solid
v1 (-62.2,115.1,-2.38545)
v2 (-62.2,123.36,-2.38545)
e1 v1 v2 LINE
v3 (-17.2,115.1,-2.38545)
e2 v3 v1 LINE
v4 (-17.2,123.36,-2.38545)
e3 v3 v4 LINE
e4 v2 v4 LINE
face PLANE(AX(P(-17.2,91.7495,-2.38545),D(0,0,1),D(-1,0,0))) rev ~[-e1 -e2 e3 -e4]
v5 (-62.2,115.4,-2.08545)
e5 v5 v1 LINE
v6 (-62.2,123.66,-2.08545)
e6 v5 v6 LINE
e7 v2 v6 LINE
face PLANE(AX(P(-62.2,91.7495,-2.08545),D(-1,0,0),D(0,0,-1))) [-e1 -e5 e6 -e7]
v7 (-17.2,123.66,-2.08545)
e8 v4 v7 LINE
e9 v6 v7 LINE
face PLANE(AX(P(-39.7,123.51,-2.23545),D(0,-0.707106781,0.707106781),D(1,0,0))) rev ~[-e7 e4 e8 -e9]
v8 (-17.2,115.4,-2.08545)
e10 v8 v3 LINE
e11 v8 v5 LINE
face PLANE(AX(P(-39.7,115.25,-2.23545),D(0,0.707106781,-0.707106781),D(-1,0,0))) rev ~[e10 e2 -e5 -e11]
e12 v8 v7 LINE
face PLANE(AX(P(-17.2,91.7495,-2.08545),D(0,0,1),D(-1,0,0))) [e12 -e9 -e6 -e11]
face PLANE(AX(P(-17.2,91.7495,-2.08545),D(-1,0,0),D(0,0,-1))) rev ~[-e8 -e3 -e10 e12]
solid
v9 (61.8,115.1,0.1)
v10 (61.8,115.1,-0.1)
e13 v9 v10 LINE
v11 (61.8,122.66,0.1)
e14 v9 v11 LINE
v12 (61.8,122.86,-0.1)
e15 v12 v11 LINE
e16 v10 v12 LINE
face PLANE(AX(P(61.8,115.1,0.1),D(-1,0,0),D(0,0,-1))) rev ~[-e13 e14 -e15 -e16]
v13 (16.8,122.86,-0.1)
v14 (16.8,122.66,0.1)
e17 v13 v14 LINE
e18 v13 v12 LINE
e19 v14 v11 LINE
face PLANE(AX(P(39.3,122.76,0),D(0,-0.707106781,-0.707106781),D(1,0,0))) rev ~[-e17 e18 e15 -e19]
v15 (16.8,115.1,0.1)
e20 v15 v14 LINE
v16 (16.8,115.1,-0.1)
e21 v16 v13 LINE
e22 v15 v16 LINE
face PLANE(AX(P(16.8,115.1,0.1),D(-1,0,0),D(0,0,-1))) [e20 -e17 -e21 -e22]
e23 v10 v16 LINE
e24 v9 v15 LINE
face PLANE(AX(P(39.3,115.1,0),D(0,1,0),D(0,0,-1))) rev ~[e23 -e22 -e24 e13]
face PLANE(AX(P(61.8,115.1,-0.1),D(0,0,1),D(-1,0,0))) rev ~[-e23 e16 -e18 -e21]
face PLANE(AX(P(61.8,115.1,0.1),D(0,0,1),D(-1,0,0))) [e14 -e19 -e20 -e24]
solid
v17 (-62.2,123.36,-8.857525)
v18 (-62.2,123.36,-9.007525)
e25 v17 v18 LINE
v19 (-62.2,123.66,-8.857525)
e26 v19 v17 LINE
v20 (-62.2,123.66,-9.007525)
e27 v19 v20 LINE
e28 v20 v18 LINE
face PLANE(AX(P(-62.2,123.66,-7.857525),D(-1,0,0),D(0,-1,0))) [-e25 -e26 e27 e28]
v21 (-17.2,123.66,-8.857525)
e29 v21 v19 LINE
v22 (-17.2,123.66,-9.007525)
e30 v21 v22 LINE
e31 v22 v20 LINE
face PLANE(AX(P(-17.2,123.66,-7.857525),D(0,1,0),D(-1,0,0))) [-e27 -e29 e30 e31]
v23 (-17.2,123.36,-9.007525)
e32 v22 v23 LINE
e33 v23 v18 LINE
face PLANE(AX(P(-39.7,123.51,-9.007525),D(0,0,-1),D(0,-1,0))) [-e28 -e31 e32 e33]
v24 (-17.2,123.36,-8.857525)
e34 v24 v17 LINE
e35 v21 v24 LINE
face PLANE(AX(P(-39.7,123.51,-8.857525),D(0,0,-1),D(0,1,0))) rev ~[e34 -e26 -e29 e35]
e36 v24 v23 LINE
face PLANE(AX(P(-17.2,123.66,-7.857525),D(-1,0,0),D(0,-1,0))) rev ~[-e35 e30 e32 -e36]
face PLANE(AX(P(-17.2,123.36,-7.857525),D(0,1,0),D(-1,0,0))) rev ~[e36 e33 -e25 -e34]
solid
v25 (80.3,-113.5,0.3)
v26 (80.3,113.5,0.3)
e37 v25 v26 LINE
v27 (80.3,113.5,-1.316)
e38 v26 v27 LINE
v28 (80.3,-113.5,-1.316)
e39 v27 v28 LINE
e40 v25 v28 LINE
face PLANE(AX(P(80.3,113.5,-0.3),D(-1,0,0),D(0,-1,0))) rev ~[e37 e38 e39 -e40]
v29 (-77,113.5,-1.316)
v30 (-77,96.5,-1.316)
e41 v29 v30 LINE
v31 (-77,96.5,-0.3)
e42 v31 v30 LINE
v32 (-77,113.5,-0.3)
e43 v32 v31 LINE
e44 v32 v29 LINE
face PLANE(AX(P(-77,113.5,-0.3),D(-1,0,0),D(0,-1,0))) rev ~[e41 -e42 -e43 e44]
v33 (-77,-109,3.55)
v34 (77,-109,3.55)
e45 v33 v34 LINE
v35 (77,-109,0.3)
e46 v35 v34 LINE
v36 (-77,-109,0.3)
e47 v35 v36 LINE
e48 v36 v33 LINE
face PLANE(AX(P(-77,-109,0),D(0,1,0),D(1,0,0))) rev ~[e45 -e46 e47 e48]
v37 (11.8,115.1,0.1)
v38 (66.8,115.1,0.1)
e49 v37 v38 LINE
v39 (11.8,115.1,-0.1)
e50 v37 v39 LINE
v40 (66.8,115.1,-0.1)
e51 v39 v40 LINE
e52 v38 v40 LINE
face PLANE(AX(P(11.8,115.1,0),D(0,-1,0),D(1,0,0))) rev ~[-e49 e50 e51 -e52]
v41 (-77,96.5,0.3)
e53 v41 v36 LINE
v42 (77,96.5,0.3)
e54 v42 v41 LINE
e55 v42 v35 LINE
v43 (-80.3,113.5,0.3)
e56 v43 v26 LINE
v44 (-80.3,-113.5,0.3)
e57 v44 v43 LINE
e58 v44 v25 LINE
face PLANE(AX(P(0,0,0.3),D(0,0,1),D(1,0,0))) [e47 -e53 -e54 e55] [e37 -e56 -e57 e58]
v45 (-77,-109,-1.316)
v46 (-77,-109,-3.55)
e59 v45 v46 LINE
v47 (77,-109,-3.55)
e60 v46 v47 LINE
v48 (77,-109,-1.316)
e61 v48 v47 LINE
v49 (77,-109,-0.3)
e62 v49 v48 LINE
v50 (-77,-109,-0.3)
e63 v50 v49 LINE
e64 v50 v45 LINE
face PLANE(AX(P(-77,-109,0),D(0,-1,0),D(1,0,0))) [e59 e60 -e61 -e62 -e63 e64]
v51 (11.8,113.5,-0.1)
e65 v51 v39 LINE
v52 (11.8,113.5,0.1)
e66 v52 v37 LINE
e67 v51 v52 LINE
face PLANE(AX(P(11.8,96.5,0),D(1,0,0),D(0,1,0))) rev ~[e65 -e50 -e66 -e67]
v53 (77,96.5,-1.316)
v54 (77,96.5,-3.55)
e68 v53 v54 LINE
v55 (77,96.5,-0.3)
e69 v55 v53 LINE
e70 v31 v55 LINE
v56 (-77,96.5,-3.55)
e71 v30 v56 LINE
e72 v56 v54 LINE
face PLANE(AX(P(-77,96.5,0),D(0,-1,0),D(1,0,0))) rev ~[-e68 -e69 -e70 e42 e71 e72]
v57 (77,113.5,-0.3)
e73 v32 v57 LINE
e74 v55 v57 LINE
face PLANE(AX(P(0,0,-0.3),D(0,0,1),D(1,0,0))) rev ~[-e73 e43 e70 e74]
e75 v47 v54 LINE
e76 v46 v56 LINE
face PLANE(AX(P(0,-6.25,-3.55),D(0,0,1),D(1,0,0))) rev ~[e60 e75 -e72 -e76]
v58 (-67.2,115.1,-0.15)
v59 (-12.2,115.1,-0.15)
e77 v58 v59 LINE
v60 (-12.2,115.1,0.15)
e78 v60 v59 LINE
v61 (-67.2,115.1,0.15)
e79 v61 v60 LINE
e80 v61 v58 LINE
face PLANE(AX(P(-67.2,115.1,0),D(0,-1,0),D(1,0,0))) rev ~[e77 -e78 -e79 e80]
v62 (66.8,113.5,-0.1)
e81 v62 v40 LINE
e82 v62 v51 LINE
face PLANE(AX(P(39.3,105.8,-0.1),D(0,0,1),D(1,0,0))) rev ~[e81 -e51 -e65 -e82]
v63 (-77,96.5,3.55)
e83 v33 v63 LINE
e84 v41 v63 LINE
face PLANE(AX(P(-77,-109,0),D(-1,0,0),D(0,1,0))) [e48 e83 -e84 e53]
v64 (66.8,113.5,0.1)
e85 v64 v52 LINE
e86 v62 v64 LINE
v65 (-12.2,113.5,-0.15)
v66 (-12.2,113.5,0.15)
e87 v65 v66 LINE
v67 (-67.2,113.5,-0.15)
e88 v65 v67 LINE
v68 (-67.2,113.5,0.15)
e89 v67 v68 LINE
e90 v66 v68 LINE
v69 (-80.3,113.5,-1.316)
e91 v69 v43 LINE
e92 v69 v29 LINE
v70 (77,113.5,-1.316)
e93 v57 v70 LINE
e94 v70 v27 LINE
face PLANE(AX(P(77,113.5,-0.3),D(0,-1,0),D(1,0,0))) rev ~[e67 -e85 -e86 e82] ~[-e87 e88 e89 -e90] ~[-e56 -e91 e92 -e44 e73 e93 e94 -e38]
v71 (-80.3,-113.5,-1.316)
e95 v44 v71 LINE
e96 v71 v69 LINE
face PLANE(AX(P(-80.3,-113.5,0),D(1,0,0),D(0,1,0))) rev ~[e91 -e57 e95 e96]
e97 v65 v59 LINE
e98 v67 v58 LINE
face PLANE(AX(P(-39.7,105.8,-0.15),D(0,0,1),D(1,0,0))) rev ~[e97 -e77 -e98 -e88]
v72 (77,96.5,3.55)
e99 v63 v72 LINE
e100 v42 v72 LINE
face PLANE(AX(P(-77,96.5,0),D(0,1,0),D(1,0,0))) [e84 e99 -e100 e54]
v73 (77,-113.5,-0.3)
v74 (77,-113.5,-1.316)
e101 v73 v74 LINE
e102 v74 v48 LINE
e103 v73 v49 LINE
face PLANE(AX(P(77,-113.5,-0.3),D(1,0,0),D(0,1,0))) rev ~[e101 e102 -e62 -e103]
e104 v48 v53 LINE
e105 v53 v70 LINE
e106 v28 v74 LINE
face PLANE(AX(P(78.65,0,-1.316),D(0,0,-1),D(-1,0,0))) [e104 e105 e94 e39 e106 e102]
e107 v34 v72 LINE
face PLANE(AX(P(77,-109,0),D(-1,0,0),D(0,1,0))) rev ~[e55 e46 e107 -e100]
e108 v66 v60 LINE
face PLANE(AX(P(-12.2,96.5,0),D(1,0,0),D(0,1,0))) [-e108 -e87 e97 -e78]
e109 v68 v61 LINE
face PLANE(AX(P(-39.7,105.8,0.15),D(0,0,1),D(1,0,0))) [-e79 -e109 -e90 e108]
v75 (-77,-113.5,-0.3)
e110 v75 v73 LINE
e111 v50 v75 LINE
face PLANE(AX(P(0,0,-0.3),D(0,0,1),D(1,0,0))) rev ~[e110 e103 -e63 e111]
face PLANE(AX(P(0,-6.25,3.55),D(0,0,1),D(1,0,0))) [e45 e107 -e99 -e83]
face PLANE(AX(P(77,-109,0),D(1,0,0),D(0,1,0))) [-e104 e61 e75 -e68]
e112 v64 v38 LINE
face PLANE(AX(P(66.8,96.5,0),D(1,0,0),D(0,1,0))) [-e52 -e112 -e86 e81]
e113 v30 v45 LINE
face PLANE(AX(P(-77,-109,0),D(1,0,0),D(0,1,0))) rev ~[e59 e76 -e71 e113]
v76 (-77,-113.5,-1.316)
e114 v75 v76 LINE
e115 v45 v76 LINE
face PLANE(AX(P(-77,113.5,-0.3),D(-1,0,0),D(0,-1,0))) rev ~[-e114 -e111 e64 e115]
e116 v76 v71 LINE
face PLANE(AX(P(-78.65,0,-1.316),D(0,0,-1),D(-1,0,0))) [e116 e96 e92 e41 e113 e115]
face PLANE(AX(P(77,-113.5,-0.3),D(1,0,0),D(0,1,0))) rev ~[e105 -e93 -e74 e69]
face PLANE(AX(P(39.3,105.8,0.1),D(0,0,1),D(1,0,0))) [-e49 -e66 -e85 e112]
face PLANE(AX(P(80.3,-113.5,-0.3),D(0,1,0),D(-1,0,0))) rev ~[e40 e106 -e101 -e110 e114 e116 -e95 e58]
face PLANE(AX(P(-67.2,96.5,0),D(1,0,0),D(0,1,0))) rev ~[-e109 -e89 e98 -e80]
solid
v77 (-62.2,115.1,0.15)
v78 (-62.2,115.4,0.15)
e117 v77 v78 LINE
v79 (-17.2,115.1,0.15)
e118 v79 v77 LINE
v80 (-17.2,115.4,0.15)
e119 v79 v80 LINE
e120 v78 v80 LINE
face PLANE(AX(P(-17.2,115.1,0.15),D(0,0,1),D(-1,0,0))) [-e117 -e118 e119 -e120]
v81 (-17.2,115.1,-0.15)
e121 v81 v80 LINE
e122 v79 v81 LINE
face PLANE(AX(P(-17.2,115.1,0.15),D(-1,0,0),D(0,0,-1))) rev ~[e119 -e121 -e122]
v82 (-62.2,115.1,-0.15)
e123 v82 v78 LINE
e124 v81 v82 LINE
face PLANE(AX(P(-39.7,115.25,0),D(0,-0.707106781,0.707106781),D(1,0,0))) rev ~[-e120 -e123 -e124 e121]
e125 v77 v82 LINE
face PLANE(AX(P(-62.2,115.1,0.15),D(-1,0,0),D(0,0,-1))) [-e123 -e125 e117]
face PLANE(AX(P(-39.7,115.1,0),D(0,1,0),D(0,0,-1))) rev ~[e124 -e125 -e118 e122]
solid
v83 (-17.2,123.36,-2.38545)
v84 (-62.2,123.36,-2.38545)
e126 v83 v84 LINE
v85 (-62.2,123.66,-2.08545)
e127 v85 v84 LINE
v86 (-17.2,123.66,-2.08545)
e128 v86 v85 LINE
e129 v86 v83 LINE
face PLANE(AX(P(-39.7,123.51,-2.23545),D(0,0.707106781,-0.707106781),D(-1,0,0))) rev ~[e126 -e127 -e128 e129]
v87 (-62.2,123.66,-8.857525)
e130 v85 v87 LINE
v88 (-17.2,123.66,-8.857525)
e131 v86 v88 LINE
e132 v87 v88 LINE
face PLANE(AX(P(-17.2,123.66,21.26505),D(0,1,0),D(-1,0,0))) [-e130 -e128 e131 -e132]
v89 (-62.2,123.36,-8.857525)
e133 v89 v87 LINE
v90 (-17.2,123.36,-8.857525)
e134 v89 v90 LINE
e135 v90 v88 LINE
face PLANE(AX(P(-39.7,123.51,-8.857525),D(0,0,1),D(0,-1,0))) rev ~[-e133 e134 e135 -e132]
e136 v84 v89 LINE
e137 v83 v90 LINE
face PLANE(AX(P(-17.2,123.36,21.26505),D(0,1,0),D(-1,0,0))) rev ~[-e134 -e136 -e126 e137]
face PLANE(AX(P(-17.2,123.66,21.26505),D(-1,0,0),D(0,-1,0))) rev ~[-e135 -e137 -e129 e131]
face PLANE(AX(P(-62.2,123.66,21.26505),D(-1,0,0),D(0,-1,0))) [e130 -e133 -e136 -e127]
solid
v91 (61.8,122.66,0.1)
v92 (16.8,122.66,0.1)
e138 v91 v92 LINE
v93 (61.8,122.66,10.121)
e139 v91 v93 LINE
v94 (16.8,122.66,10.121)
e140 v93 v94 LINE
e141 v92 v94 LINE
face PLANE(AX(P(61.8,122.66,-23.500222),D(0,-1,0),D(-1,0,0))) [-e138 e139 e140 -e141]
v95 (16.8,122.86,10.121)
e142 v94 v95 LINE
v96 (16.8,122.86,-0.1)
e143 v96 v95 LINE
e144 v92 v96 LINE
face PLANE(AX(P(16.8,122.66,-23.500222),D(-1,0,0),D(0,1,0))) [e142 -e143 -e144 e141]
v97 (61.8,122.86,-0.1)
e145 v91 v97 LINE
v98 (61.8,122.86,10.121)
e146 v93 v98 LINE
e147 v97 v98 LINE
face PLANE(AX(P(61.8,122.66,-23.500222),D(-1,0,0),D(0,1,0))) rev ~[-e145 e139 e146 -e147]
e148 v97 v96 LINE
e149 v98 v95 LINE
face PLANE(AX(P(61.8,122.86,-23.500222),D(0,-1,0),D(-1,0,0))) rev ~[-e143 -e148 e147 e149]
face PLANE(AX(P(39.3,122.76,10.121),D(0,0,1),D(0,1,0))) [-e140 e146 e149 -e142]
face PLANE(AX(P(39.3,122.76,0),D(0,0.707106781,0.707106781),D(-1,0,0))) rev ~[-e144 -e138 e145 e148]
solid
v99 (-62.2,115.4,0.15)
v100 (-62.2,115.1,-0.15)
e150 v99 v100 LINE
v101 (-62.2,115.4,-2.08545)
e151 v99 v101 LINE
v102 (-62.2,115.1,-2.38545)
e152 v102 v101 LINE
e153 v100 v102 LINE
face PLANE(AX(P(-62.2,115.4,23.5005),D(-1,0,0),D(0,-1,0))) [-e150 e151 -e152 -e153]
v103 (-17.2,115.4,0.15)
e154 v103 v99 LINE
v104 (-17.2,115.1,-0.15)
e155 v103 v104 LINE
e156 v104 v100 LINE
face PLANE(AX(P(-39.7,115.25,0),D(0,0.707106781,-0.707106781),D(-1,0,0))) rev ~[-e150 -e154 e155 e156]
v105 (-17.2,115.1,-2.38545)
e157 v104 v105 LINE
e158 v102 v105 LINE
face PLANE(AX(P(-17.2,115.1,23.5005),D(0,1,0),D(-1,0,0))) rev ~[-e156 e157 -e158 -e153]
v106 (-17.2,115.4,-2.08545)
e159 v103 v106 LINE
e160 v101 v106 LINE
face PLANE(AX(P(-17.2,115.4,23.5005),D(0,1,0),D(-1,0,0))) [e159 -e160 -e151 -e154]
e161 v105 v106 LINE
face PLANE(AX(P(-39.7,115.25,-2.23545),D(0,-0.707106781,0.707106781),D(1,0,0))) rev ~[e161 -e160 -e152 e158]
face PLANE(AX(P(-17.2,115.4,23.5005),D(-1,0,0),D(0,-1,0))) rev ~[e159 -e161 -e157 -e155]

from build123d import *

# Parameters (mm, degrees)
SKETCH1_W                    = 160.6
SKETCH1_H                    = 227
INSULATION_DEPTH             = 0.3
INSULATION_DEPTH_BACK        = 0.3
SKETCH2_W                    = 154
SKETCH2_H                    = 205.5
MAIN_BODY_DEPTH              = 3.55
MAIN_BODY_DEPTH_BACK         = 3.55
SIDE_FOLDS_DEPTH             = 1.016
SKETCH6_W                    = 55
SKETCH6_H                    = 18.6
NEGATIVE_TAB_BASE_DEPTH      = 0.1
NEGATIVE_TAB_BASE_DEPTH_BACK = 0.1
SKETCH7_W                    = 55
SKETCH7_H                    = 18.6
POSITIVE_TAB_BASE_DEPTH      = 0.15
POSITIVE_TAB_BASE_DEPTH_BACK = 0.15
SKETCH113_W                  = 0.2
SKETCH113_H                  = 45
NEGATIVE_TAB_DEPTH           = 31.160222221
SKETCH113_ON_SEGMENT_2_W     = 0.2
SKETCH113_ON_SEGMENT_2_H     = 45
NEGATIVE_TAB_2_DEPTH         = 33.621222221
SKETCH110_W                  = 0.3
SKETCH110_H                  = 45
POSITIVE_TAB_DEPTH           = 23.650499994
SKETCH110_ON_SEGMENT_2_W     = 0.3
SKETCH110_ON_SEGMENT_2_H     = 45
POSITIVE_TAB_2_DEPTH         = 49.236449989
SKETCH110_ON_SEGMENT_3_W     = 0.3
SKETCH110_ON_SEGMENT_3_H     = 45
POSITIVE_TAB_3_DEPTH         = 55.260999989
SKETCH110_ON_SEGMENT_4_W     = 0.3
SKETCH110_ON_SEGMENT_4_H     = 45
POSITIVE_TAB_4_DEPTH         = 31.122574994
SKETCH110_ON_SEGMENT_5_W     = 0.3
SKETCH110_ON_SEGMENT_5_H     = 45
POSITIVE_TAB_5_DEPTH         = 1.15


with BuildPart() as part:
    # Sketch1 → Insulation (new, two sides)
    with BuildSketch(Plane.XY) as insulation_sk:
        Rectangle(SKETCH1_W, SKETCH1_H)
    extrude(amount=INSULATION_DEPTH)
    extrude(insulation_sk.sketch, amount=-INSULATION_DEPTH_BACK)

    # Sketch2 → Main Body (add, two sides)
    with BuildSketch(Plane.XY) as main_body_sk:
        with Locations((0, -6.25)):
            Rectangle(SKETCH2_W, SKETCH2_H)
    extrude(amount=MAIN_BODY_DEPTH)
    extrude(main_body_sk.sketch, amount=-MAIN_BODY_DEPTH_BACK)

    # Sketch5 → Side Folds (add)
    with BuildSketch(Plane(origin=(0, 0, -0.3), x_dir=(-1, 0, 0), z_dir=(0, 0, -1))):
        Polygon((-77, -109), (-77, 96.5), (-77, 113.5), (-80.3, 113.5), (-80.3, -113.5), (-77, -113.5), align=None)
        Polygon((77, 113.5), (77, 96.5), (77, -109), (77, -113.5), (80.3, -113.5), (80.3, 113.5), align=None)
    extrude(amount=SIDE_FOLDS_DEPTH)

    # Sketch6 → Negative Tab Base (add, two sides)
    with BuildSketch(Plane.XY) as negative_tab_base_sk:
        with Locations((39.3, 105.8)):
            Rectangle(SKETCH6_W, SKETCH6_H)
    extrude(amount=NEGATIVE_TAB_BASE_DEPTH)
    extrude(negative_tab_base_sk.sketch, amount=-NEGATIVE_TAB_BASE_DEPTH_BACK)

    # Sketch7 → Positive Tab Base (add, two sides)
    with BuildSketch(Plane.XY) as positive_tab_base_sk:
        with Locations((-39.7, 105.8)):
            Rectangle(SKETCH7_W, SKETCH7_H)
    extrude(amount=POSITIVE_TAB_BASE_DEPTH)
    extrude(positive_tab_base_sk.sketch, amount=-POSITIVE_TAB_BASE_DEPTH_BACK)


with BuildPart() as body_2:
    # Sketch113 → Negative Tab (new body)
    with BuildSketch(Plane(origin=(39.3, 115.1, 0), x_dir=(0, 0, -1), z_dir=(0, 1, 0))):
        Rectangle(SKETCH113_W, SKETCH113_H)
    extrude(amount=NEGATIVE_TAB_DEPTH)

    # Negative Tab mitre 1
    split(bisect_by=Plane(origin=(39.3, 122.76, 0), x_dir=(1, 0, 0), z_dir=(0, -0.707106781, -0.707106781)), keep=Keep.TOP)


with BuildPart() as body_3:
    # Sketch113 on segment 2 (carried to segment 2) → Negative Tab 2 (new body)
    with BuildSketch(Plane(origin=(39.3, 122.76, -23.500222221), x_dir=(0, 1, 0), z_dir=(0, 0, 1))):
        Rectangle(SKETCH113_ON_SEGMENT_2_W, SKETCH113_ON_SEGMENT_2_H)
    extrude(amount=NEGATIVE_TAB_2_DEPTH)

    # Negative Tab 2 mitre 1
    split(bisect_by=Plane(origin=(39.3, 122.76, 0), x_dir=(-1, 0, 0), z_dir=(0, 0.707106781, 0.707106781)), keep=Keep.TOP)


with BuildPart() as body_4:
    # Sketch110 → Positive Tab (new body)
    with BuildSketch(Plane(origin=(-39.7, 115.1, 0), x_dir=(0, 0, -1), z_dir=(0, 1, 0))):
        Rectangle(SKETCH110_W, SKETCH110_H)
    extrude(amount=POSITIVE_TAB_DEPTH)

    # Positive Tab mitre 1
    split(bisect_by=Plane(origin=(-39.7, 115.25, 0), x_dir=(1, 0, 0), z_dir=(0, -0.707106781, 0.707106781)), keep=Keep.TOP)


with BuildPart() as body_5:
    # Sketch110 on segment 2 (carried to segment 2) → Positive Tab 2 (new body)
    with BuildSketch(Plane(origin=(-39.7, 115.25, 23.500499994), x_dir=(0, -1, 0), z_dir=(0, 0, -1))):
        Rectangle(SKETCH110_ON_SEGMENT_2_W, SKETCH110_ON_SEGMENT_2_H)
    extrude(amount=POSITIVE_TAB_2_DEPTH)

    # Positive Tab 2 mitre 1
    split(bisect_by=Plane(origin=(-39.7, 115.25, 0), x_dir=(-1, 0, 0), z_dir=(0, 0.707106781, -0.707106781)), keep=Keep.TOP)

    # Positive Tab 2 mitre 2
    split(bisect_by=Plane(origin=(-39.7, 115.25, -2.23545), x_dir=(1, 0, 0), z_dir=(0, -0.707106781, 0.707106781)), keep=Keep.TOP)


with BuildPart() as body_6:
    # Sketch110 on segment 3 (carried to segment 3) → Positive Tab 3 (new body)
    with BuildSketch(Plane(origin=(-39.7, 91.749500006, -2.23545), x_dir=(0, 0, -1), z_dir=(0, 1, 0))):
        Rectangle(SKETCH110_ON_SEGMENT_3_W, SKETCH110_ON_SEGMENT_3_H)
    extrude(amount=POSITIVE_TAB_3_DEPTH)

    # Positive Tab 3 mitre 1
    split(bisect_by=Plane(origin=(-39.7, 115.25, -2.23545), x_dir=(-1, 0, 0), z_dir=(0, 0.707106781, -0.707106781)), keep=Keep.TOP)

    # Positive Tab 3 mitre 2
    split(bisect_by=Plane(origin=(-39.7, 123.51, -2.23545), x_dir=(1, 0, 0), z_dir=(0, -0.707106781, 0.707106781)), keep=Keep.TOP)


with BuildPart() as body_7:
    # Sketch110 on segment 4 (carried to segment 4) → Positive Tab 4 (new body)
    with BuildSketch(Plane(origin=(-39.7, 123.51, 21.265049994), x_dir=(0, -1, 0), z_dir=(0, 0, -1))):
        Rectangle(SKETCH110_ON_SEGMENT_4_W, SKETCH110_ON_SEGMENT_4_H)
    extrude(amount=POSITIVE_TAB_4_DEPTH)

    # Positive Tab 4 mitre 1
    split(bisect_by=Plane(origin=(-39.7, 123.51, -2.23545), x_dir=(-1, 0, 0), z_dir=(0, 0.707106781, -0.707106781)), keep=Keep.TOP)

    # Positive Tab 4 mitre 2
    split(bisect_by=Plane(origin=(-39.7, 123.51, -8.857525), x_dir=(0, -1, 0), z_dir=(0, 0, 1)), keep=Keep.TOP)


with BuildPart() as body_8:
    # Sketch110 on segment 5 (carried to segment 5) → Positive Tab 5 (new body)
    with BuildSketch(Plane(origin=(-39.7, 123.51, -7.857525), x_dir=(0, -1, 0), z_dir=(0, 0, -1))):
        Rectangle(SKETCH110_ON_SEGMENT_5_W, SKETCH110_ON_SEGMENT_5_H)
    extrude(amount=POSITIVE_TAB_5_DEPTH)

    # Positive Tab 5 mitre 1
    split(bisect_by=Plane(origin=(-39.7, 123.51, -8.857525), x_dir=(0, 1, 0), z_dir=(0, 0, -1)), keep=Keep.TOP)


solid = Compound([part.part, body_2.part, body_3.part, body_4.part, body_5.part, body_6.part, body_7.part, body_8.part])
